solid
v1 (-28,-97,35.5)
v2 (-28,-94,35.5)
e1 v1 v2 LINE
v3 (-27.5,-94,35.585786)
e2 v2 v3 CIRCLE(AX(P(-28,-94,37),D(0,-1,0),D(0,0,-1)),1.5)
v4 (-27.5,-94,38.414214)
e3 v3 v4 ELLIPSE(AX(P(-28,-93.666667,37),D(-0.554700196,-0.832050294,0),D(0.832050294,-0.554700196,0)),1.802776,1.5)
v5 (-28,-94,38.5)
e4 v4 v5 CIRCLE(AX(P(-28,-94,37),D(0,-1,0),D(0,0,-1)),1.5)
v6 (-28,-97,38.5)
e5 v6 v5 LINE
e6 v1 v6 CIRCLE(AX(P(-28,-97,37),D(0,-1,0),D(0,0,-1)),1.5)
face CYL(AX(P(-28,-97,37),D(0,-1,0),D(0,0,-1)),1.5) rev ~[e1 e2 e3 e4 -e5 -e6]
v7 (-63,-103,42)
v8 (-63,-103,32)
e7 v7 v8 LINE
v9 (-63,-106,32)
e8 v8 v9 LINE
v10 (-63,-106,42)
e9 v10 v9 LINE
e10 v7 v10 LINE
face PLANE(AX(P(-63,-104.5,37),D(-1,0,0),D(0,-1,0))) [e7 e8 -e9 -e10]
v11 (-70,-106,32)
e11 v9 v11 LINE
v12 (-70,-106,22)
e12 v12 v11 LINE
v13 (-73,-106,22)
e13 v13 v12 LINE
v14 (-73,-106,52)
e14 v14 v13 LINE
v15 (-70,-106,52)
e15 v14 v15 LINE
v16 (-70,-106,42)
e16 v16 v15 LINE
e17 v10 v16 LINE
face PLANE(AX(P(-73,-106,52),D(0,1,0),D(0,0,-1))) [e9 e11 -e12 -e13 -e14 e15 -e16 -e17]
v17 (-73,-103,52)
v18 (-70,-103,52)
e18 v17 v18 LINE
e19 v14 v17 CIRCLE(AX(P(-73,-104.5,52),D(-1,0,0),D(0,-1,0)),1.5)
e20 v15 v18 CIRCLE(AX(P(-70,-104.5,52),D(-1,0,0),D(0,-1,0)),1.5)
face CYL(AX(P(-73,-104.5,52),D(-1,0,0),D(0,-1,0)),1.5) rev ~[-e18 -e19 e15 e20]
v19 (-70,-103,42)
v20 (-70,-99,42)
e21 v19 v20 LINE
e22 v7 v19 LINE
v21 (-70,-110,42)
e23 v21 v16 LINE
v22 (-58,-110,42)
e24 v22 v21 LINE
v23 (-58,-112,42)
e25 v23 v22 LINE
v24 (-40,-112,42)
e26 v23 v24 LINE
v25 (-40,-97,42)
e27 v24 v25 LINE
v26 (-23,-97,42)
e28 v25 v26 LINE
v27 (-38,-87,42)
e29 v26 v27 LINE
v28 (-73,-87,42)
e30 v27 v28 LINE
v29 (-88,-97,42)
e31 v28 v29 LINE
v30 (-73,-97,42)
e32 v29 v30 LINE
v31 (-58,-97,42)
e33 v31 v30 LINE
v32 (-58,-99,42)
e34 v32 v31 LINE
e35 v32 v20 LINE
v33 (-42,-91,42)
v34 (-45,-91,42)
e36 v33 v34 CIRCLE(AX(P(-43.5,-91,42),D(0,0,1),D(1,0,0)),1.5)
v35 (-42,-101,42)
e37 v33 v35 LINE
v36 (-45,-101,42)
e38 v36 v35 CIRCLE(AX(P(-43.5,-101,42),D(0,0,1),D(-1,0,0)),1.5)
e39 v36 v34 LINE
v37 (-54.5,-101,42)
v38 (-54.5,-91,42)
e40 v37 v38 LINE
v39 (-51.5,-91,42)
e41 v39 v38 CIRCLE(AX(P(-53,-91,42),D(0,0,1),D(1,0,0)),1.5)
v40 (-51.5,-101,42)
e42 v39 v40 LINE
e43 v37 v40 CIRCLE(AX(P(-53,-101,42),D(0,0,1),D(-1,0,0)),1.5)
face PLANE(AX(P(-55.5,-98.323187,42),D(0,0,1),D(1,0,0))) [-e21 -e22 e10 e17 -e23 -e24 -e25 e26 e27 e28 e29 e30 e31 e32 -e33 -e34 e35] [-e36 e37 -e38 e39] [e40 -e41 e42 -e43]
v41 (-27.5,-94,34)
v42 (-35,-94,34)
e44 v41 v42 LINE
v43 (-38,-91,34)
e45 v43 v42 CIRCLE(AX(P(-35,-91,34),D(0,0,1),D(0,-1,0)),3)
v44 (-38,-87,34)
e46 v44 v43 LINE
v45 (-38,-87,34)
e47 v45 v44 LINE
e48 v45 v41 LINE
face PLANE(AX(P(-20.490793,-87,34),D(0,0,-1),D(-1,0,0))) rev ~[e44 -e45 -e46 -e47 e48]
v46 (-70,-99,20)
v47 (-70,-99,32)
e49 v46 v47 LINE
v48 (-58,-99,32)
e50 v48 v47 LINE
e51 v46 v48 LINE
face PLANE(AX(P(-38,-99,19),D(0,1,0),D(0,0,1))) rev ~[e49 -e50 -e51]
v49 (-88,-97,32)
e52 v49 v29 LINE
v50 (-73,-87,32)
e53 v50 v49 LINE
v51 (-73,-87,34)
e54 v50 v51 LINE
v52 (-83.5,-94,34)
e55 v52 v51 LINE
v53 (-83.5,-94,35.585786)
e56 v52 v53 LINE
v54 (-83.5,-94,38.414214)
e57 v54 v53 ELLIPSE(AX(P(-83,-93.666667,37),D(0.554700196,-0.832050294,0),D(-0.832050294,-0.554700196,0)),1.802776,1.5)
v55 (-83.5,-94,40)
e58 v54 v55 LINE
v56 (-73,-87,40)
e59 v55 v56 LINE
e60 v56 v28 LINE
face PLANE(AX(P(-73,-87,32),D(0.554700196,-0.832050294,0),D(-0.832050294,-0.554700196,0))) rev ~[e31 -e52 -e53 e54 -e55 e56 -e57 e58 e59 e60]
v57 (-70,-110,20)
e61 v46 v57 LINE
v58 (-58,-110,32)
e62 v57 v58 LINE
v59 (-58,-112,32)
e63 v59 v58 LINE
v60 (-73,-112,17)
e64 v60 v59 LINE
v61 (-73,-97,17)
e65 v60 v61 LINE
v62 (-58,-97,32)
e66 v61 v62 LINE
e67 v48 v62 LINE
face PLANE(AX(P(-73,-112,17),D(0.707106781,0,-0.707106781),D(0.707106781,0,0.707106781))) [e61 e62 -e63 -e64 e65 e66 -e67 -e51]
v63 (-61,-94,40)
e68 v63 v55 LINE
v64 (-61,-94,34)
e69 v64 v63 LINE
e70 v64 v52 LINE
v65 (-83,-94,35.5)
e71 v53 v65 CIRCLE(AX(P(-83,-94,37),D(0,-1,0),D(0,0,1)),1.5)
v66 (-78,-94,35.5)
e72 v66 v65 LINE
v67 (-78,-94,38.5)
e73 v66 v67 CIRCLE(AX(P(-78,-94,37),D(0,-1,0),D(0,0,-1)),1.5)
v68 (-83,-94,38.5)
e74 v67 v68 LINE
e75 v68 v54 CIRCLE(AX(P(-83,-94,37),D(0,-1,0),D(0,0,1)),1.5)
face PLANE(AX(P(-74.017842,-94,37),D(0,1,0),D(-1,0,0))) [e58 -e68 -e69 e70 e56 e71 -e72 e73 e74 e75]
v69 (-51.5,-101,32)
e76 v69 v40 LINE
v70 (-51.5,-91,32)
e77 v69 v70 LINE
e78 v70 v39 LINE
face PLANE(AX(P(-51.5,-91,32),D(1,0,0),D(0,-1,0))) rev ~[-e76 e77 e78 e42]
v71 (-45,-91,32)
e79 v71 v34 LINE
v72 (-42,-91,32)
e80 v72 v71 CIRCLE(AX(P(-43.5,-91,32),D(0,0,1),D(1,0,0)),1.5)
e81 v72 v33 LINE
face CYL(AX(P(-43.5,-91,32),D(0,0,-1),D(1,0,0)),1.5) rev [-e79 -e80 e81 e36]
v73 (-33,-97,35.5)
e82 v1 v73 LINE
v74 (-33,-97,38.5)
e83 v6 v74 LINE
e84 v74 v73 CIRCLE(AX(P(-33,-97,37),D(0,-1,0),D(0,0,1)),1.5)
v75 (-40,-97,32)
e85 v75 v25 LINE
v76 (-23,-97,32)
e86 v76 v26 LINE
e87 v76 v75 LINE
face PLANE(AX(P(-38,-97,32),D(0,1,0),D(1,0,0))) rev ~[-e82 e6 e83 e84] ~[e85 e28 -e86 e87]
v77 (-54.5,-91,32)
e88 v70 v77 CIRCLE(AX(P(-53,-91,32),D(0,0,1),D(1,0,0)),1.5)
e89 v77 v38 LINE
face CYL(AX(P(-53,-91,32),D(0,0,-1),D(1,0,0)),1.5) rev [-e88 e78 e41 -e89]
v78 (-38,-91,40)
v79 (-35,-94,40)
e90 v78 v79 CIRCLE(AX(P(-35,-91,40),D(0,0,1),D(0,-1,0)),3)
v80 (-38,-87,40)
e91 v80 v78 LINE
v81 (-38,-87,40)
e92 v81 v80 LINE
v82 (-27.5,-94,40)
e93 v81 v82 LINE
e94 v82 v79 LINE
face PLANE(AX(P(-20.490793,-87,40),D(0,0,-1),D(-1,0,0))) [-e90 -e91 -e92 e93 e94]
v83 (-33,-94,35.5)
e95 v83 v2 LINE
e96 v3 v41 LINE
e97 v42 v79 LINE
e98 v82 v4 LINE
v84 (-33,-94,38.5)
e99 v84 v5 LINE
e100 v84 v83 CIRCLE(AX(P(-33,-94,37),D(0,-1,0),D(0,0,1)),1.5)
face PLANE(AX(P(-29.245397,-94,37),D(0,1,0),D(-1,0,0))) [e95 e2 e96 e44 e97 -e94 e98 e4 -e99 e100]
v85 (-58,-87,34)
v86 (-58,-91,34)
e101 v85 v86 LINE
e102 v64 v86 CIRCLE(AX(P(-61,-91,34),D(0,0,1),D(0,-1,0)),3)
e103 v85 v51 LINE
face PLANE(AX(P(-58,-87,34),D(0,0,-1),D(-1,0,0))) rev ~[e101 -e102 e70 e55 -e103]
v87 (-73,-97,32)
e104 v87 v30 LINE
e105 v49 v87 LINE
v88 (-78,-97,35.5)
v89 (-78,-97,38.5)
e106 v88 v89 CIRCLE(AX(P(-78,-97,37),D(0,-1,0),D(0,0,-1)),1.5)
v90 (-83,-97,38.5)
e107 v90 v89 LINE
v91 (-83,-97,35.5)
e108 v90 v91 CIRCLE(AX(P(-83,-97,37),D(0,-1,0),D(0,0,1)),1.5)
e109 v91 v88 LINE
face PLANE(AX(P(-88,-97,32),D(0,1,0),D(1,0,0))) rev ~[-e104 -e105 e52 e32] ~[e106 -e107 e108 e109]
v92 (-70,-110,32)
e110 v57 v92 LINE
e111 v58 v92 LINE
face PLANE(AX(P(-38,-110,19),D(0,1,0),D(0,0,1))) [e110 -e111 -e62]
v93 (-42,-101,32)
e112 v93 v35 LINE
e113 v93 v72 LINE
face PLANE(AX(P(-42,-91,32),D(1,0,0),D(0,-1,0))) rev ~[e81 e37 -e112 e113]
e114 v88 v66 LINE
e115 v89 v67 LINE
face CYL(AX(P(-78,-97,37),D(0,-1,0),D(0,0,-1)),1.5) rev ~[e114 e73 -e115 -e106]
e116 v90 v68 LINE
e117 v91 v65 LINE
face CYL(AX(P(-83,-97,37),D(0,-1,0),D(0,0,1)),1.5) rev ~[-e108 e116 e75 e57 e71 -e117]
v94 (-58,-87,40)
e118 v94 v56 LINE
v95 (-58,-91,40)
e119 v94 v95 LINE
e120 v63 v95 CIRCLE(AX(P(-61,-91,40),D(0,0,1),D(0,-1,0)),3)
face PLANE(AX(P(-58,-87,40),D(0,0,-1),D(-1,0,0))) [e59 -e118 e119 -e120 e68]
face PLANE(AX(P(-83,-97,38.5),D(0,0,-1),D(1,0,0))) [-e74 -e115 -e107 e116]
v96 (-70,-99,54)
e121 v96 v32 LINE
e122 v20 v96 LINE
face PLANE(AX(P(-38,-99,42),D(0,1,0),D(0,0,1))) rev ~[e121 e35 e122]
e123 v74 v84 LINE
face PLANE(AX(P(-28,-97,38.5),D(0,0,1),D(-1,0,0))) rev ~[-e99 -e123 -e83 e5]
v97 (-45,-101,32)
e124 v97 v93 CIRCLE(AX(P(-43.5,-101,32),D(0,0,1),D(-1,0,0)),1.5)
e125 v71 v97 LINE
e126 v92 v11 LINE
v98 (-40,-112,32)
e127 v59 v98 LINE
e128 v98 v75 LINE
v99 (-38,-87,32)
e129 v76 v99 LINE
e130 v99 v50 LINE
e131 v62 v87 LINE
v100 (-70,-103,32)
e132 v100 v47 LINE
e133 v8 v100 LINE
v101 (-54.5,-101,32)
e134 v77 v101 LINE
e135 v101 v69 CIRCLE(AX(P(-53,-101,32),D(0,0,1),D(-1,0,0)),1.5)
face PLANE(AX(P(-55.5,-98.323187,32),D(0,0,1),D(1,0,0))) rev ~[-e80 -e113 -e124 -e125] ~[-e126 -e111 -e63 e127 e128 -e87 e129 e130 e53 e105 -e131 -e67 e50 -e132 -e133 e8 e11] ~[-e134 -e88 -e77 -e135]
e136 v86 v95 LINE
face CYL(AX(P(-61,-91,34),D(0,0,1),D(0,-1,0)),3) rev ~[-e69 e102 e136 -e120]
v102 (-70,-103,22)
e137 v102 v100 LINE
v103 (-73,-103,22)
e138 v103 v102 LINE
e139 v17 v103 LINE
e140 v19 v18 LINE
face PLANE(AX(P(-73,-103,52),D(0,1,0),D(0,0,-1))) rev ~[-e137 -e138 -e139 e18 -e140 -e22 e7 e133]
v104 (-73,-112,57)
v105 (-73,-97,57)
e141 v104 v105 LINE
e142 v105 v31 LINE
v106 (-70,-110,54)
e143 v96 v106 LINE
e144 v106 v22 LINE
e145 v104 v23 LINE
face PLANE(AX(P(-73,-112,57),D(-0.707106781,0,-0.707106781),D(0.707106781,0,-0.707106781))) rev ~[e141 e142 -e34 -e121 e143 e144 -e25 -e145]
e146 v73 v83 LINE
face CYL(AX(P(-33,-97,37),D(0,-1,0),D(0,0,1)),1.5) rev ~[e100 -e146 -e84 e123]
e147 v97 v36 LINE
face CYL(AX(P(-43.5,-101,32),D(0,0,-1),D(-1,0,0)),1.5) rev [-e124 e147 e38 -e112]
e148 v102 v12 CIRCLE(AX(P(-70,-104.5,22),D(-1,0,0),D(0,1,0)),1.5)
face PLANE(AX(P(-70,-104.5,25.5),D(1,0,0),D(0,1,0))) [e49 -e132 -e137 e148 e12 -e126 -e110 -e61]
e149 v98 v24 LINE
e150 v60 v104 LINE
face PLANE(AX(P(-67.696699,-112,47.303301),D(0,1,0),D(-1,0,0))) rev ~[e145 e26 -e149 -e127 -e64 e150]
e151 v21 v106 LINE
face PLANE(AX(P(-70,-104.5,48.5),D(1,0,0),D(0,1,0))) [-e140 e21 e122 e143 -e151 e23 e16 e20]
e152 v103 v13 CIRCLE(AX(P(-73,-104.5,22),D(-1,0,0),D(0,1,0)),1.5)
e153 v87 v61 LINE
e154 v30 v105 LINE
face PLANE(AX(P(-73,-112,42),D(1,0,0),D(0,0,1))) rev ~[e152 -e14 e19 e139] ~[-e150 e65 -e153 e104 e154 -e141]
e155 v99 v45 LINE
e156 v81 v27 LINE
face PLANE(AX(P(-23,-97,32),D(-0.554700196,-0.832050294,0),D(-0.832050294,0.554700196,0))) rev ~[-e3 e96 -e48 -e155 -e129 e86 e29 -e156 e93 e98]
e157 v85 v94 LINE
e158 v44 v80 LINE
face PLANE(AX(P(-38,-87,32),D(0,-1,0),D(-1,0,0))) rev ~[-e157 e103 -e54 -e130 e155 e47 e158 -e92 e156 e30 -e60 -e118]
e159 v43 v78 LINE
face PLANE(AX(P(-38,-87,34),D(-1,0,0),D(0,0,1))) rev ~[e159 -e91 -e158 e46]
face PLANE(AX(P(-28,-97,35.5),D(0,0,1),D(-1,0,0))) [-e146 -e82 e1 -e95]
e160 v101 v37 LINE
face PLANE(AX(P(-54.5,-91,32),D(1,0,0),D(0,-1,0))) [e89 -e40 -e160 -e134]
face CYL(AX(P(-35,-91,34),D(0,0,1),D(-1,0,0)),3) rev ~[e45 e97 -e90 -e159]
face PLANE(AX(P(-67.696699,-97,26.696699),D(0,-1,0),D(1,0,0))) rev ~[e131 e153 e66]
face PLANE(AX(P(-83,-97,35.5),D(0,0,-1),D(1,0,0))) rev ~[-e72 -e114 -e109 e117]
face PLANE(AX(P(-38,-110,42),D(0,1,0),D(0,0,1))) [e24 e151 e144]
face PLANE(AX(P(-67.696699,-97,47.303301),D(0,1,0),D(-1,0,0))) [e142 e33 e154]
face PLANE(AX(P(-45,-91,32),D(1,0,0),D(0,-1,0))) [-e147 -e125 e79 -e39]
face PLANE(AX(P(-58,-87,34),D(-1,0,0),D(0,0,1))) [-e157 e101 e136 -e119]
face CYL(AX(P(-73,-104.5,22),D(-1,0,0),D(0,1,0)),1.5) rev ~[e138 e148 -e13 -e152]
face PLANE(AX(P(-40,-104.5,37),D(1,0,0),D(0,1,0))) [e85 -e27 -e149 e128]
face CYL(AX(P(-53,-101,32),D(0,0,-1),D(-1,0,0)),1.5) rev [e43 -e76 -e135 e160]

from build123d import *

# Parameters (mm, degrees)
PAD015_DEPTH    = 10
PAD016_DEPTH    = 15
SKETCH104_W     = 17.509207
SKETCH104_H     = 6
SKETCH104_W_2   = 32.035683
POCKET034_DEPTH = 7
POCKET035_DEPTH = 5
FILLET011_R     = 3
SKETCH106_W     = 11
SKETCH106_H     = 13
POCKET036_DEPTH = 32
POCKET037_DEPTH = 10
SKETCH108_W     = 15
SKETCH108_H     = 10
POCKET038_DEPTH = 2


with BuildPart() as part:
    # Sketch102 → Pad015 (new body)
    with BuildSketch(Plane.XY):
        Polygon((0, 0), (0, 15), (15, 15), (0, 25), (-35, 25), (-50, 15), (-35, 15), (-35, 0), align=None)
        with BuildLine():
            ThreePointArc((-4, 21), (-5.5, 22.5), (-7, 21))
            Line((-7, 21), (-7, 11))
            ThreePointArc((-7, 11), (-5.5, 9.5), (-4, 11))
            Line((-4, 21), (-4, 11))
        make_face(mode=Mode.SUBTRACT)
        with BuildLine():
            ThreePointArc((-13.5, 21), (-15, 22.5), (-16.5, 21))
            Line((-16.5, 21), (-16.5, 11))
            ThreePointArc((-16.5, 11), (-15, 9.5), (-13.5, 11))
            Line((-13.5, 21), (-13.5, 11))
        make_face(mode=Mode.SUBTRACT)
    extrude(amount=PAD015_DEPTH)

    # Sketch103 (on Face2 of Pad015) → Pad016 (join)
    with BuildSketch(Plane.XZ):
        Polygon((-35, 10), (-35, 25), (-20, 10), align=None)
        Polygon((-20, 0), (-35, 0), (-35, -15), align=None)
    extrude(amount=-PAD016_DEPTH)

    # Sketch104 (on Face10 of Pad016) → Pocket034 (cut)
    with BuildSketch(Plane(origin=(0, 25, 0), x_dir=(-1, 0, 0), z_dir=(0, 1, 0))):
        with Locations((-8.754603, 5)):
            Rectangle(SKETCH104_W, SKETCH104_H)
        with Locations((36.017842, 5)):
            Rectangle(SKETCH104_W_2, SKETCH104_H)
    extrude(amount=-POCKET034_DEPTH, mode=Mode.SUBTRACT)

    # Sketch105 (on Face1 of Pocket034) → Pocket035 (cut)
    with BuildSketch(Plane.XZ.offset(-15)):
        with BuildLine():
            ThreePointArc((10, 3.5), (11.5, 5), (10, 6.5))
            Line((10, 6.5), (5, 6.5))
            ThreePointArc((5, 6.5), (3.5, 5), (5, 3.5))
            Line((10, 3.5), (5, 3.5))
        make_face()
        with BuildLine():
            ThreePointArc((-45, 6.5), (-46.5, 5), (-45, 3.5))
            Line((-45, 3.5), (-40, 3.5))
            ThreePointArc((-40, 3.5), (-38.5, 5), (-40, 6.5))
            Line((-45, 6.5), (-40, 6.5))
        make_face()
    extrude(amount=-POCKET035_DEPTH, mode=Mode.SUBTRACT)

    # Fillet011
    fillet011_edges = [part.edges().sort_by_distance(p)[0] for p in [
        (-20, 18, 5),
        (0, 18, 5),
    ]]
    fillet(fillet011_edges, radius=FILLET011_R)

    # Sketch106 (on Face18 of Fillet011) → Pocket036 (cut)
    with BuildSketch(Plane.YZ):
        with Locations((7.5, 16.5)):
            Rectangle(SKETCH106_W, SKETCH106_H)
        with Locations((7.5, -6.5)):
            Rectangle(SKETCH106_W, SKETCH106_H)
    extrude(amount=-POCKET036_DEPTH, mode=Mode.SUBTRACT)

    # Sketch107 (on Face17 of Pocket036) → Pocket037 (cut)
    with BuildSketch(Plane(origin=(-35, 0, 0), x_dir=(0, -1, 0), z_dir=(-1, 0, 0))):
        with BuildLine():
            ThreePointArc((-6, 20), (-7.5, 21.5), (-9, 20))
            Line((-9, 20), (-9, -10))
            ThreePointArc((-9, -10), (-7.5, -11.5), (-6, -10))
            Line((-6, 20), (-6, -10))
        make_face()
    extrude(amount=-POCKET037_DEPTH, mode=Mode.SUBTRACT)

    # Sketch108 (on Face26 of Pocket037) → Pocket038 (cut)
    with BuildSketch(Plane.YZ):
        with Locations((7.5, 5)):
            Rectangle(SKETCH108_W, SKETCH108_H)
    extrude(amount=-POCKET038_DEPTH, mode=Mode.SUBTRACT)


with BuildPart() as part_1:
    # Body008 placement: moved
    add(part.part.moved(Location((-38, -112, 32))))


solid = part_1.part
